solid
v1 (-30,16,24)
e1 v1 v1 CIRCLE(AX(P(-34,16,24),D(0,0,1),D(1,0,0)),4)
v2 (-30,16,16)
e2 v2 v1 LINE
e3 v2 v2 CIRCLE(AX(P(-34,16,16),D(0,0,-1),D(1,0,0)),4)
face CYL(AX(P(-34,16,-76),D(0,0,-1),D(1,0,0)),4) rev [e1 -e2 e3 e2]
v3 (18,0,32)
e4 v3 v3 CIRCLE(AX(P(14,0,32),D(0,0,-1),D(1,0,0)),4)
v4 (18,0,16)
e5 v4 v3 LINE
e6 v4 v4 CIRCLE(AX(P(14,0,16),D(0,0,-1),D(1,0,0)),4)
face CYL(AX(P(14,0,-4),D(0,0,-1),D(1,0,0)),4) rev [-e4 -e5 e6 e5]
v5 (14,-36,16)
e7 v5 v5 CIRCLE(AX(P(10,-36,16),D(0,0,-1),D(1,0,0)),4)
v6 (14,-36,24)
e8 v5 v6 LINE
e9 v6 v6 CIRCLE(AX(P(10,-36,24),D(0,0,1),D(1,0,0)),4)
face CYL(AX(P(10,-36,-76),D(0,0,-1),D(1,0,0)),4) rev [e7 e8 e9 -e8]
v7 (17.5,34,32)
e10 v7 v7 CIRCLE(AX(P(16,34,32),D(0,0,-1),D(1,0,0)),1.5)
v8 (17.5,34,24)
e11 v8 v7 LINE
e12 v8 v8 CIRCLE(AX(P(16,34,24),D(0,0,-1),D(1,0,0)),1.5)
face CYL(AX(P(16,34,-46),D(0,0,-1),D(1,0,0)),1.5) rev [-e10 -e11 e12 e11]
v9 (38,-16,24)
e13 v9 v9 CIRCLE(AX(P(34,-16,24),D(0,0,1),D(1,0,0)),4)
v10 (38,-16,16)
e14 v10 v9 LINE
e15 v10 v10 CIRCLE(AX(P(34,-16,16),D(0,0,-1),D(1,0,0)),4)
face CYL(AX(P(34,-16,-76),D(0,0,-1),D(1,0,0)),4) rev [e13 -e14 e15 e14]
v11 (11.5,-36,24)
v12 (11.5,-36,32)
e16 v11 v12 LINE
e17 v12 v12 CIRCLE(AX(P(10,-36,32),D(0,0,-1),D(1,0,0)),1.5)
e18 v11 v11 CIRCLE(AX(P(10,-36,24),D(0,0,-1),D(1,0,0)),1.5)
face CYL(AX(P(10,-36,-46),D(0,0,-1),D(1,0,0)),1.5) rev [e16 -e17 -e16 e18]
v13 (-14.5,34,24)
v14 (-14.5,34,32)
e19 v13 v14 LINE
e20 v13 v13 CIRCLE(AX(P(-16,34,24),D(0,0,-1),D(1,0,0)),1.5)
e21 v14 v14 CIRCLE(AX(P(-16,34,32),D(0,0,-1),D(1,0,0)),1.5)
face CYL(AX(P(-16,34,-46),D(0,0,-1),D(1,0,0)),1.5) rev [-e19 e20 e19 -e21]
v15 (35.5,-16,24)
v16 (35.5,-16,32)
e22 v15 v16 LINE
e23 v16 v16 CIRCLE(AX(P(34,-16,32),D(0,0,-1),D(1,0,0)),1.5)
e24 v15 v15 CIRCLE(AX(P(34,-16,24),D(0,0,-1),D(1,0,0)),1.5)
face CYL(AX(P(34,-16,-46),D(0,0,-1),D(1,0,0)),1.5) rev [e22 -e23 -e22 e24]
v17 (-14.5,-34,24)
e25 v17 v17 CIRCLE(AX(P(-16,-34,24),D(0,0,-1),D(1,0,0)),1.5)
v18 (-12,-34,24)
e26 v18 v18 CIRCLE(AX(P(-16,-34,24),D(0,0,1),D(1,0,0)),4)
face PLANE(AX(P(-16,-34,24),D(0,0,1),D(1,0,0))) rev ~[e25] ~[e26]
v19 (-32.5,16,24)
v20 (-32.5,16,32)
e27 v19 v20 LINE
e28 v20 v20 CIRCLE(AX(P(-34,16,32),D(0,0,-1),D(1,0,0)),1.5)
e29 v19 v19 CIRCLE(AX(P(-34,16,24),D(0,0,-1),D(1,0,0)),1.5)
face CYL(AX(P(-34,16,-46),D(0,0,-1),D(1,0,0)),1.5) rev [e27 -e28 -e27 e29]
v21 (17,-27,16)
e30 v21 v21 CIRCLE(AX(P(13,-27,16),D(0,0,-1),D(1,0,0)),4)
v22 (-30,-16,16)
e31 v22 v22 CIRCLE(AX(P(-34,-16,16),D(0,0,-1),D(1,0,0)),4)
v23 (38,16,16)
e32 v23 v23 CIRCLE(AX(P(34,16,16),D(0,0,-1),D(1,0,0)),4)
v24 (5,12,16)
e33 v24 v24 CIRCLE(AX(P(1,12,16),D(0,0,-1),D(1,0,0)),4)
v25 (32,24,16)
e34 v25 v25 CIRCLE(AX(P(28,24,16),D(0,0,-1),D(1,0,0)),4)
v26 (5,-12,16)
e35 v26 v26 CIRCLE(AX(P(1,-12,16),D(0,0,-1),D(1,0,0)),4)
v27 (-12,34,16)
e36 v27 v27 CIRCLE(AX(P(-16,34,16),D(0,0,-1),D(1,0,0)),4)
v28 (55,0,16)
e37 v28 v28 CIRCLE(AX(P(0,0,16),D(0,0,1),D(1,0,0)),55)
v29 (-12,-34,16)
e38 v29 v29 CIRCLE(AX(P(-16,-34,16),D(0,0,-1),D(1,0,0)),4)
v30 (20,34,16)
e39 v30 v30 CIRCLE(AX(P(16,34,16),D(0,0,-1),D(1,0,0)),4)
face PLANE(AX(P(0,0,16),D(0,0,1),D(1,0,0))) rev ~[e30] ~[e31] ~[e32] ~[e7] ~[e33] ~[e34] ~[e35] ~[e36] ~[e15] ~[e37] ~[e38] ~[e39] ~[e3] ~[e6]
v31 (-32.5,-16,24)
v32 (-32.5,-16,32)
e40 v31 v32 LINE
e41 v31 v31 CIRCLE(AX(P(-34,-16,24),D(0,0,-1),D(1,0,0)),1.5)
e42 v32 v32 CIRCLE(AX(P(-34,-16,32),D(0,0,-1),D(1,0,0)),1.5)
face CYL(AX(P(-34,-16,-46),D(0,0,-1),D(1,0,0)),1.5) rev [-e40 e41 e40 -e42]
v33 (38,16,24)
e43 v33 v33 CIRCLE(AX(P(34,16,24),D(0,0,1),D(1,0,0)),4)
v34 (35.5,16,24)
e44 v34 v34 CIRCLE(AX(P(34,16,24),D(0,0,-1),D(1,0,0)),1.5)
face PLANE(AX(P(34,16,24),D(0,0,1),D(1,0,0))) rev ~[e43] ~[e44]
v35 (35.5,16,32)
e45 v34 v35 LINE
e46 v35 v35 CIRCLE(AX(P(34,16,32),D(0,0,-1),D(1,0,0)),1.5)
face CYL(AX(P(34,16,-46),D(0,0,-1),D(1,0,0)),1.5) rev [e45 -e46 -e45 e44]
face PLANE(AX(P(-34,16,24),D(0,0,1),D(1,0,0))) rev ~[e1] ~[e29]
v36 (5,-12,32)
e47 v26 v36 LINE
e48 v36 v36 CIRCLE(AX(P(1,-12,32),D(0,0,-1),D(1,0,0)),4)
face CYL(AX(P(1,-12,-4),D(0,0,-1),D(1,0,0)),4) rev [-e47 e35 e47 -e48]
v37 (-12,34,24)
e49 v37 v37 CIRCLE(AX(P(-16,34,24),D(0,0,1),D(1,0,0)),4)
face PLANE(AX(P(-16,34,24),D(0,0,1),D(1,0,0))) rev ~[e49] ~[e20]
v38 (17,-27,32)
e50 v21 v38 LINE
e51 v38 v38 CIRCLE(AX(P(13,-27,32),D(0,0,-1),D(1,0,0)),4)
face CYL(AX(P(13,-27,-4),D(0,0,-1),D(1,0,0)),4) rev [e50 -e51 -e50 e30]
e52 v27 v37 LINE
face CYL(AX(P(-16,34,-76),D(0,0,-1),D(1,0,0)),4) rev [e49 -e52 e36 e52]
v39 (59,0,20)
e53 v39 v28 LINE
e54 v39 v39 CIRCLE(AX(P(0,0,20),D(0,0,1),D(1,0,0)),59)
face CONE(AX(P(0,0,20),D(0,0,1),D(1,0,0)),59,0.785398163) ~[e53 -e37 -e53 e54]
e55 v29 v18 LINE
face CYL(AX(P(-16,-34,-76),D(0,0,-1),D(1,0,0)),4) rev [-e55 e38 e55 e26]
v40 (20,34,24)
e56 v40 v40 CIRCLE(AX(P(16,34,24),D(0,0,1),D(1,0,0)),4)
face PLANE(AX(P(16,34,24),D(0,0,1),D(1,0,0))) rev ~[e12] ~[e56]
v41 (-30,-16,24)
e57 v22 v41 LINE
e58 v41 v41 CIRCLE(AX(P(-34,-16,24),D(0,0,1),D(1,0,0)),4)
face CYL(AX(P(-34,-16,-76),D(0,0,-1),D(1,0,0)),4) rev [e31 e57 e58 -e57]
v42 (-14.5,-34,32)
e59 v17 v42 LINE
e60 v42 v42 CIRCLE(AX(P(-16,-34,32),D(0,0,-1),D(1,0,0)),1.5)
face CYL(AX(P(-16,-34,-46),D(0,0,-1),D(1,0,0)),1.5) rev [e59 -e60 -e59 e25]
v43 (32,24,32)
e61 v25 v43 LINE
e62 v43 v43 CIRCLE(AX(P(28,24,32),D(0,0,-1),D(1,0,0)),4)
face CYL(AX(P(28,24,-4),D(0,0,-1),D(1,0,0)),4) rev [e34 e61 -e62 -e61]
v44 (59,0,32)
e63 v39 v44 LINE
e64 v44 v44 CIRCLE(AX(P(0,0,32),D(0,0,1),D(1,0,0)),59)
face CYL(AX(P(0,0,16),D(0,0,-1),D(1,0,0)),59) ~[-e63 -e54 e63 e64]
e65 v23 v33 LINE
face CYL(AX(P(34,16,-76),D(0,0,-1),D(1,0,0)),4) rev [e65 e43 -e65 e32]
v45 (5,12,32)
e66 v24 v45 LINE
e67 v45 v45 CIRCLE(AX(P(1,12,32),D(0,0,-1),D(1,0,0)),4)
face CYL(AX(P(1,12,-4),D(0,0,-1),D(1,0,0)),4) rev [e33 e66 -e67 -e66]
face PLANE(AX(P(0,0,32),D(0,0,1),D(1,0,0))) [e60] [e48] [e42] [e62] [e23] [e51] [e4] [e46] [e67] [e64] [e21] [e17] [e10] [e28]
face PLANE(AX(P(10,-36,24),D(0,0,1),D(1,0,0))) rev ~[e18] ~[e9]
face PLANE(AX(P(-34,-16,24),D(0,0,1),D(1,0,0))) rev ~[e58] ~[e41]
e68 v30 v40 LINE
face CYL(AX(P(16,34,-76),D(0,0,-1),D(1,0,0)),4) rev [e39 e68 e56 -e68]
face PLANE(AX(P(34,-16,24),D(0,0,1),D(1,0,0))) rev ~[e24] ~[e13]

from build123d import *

# Parameters (mm, degrees)
CYLINDER1648_R     = 4
CYLINDER1648_DEPTH = 100
CYLINDER1647_R     = 4
CYLINDER1647_DEPTH = 100
CYLINDER1631_R     = 1.5
CYLINDER1631_DEPTH = 100
CYLINDER1632_R     = 1.5
CYLINDER1632_DEPTH = 100
CYLINDER1633_R     = 1.5
CYLINDER1633_DEPTH = 100
CYLINDER1634_R     = 1.5
CYLINDER1634_DEPTH = 100
CYLINDER1635_R     = 1.5
CYLINDER1635_DEPTH = 100
CYLINDER1636_R     = 1.5
CYLINDER1636_DEPTH = 100
CYLINDER1637_R     = 1.5
CYLINDER1637_DEPTH = 100
CYLINDER1630_R     = 1.5
CYLINDER1630_DEPTH = 100
CYLINDER1651_R     = 4
CYLINDER1651_DEPTH = 100
CYLINDER1649_R     = 4
CYLINDER1649_DEPTH = 100
CYLINDER1652_R     = 4
CYLINDER1652_DEPTH = 100
CYLINDER1653_R     = 4
CYLINDER1653_DEPTH = 100
CYLINDER1654_R     = 4
CYLINDER1654_DEPTH = 100
CYLINDER1655_R     = 4
CYLINDER1655_DEPTH = 100
CYLINDER1656_R     = 4
CYLINDER1656_DEPTH = 100
CYLINDER1650_R     = 4
CYLINDER1650_DEPTH = 100
CYLINDER1640_R     = 4
CYLINDER1640_DEPTH = 20
CYLINDER1641_R     = 4
CYLINDER1641_DEPTH = 20
CYLINDER1642_R     = 4
CYLINDER1642_DEPTH = 20
CYLINDER1643_R     = 4
CYLINDER1643_DEPTH = 40
CYLINDER1644_R     = 4
CYLINDER1644_DEPTH = 40
CYLINDER1645_R     = 4
CYLINDER1645_DEPTH = 40
CYLINDER1646_R     = 4
CYLINDER1646_DEPTH = 40
CYLINDER1639_R     = 4
CYLINDER1639_DEPTH = 20
CYLINDER1638_R     = 59
CYLINDER1638_DEPTH = 16
CHAMFER054_SIZE    = 4


with BuildPart() as v_lec1648:
    # Cylinder1648 → Cylinder1648 (new body)
    with BuildSketch(Plane(origin=(14, 0, -18), x_dir=(1, 0, 0), z_dir=(0, 0, 1))):
        Circle(CYLINDER1648_R)
    extrude(amount=CYLINDER1648_DEPTH)


with BuildPart() as srouby_troj_silne007:
    # Cylinder1647 → Cylinder1647 (new body)
    with BuildSketch(Plane(origin=(90, 0, -18), x_dir=(1, 0, 0), z_dir=(0, 0, 1))):
        Circle(CYLINDER1647_R)
    extrude(amount=CYLINDER1647_DEPTH)

    # Compound931: union Válec1648
    add(v_lec1648.part)


with BuildPart() as v_lec1631:
    # Cylinder1631 → Cylinder1631 (new body)
    with BuildSketch(Plane(origin=(-34, -16, -60), x_dir=(1, 0, 0), z_dir=(0, 0, 1))):
        Circle(CYLINDER1631_R)
    extrude(amount=CYLINDER1631_DEPTH)


with BuildPart() as v_lec1632:
    # Cylinder1632 → Cylinder1632 (new body)
    with BuildSketch(Plane(origin=(34, -16, -60), x_dir=(1, 0, 0), z_dir=(0, 0, 1))):
        Circle(CYLINDER1632_R)
    extrude(amount=CYLINDER1632_DEPTH)


with BuildPart() as v_lec1633:
    # Cylinder1633 → Cylinder1633 (new body)
    with BuildSketch(Plane(origin=(34, 16, -60), x_dir=(1, 0, 0), z_dir=(0, 0, 1))):
        Circle(CYLINDER1633_R)
    extrude(amount=CYLINDER1633_DEPTH)


with BuildPart() as v_lec1634:
    # Cylinder1634 → Cylinder1634 (new body)
    with BuildSketch(Plane(origin=(16, 34, -60), x_dir=(1, 0, 0), z_dir=(0, 0, 1))):
        Circle(CYLINDER1634_R)
    extrude(amount=CYLINDER1634_DEPTH)


with BuildPart() as v_lec1635:
    # Cylinder1635 → Cylinder1635 (new body)
    with BuildSketch(Plane(origin=(10, -36, -60), x_dir=(1, 0, 0), z_dir=(0, 0, 1))):
        Circle(CYLINDER1635_R)
    extrude(amount=CYLINDER1635_DEPTH)


with BuildPart() as v_lec1636:
    # Cylinder1636 → Cylinder1636 (new body)
    with BuildSketch(Plane(origin=(-16, -34, -60), x_dir=(1, 0, 0), z_dir=(0, 0, 1))):
        Circle(CYLINDER1636_R)
    extrude(amount=CYLINDER1636_DEPTH)


with BuildPart() as v_lec1637:
    # Cylinder1637 → Cylinder1637 (new body)
    with BuildSketch(Plane(origin=(-16, 34, -60), x_dir=(1, 0, 0), z_dir=(0, 0, 1))):
        Circle(CYLINDER1637_R)
    extrude(amount=CYLINDER1637_DEPTH)


with BuildPart() as sbouby_baze009:
    # Cylinder1630 → Cylinder1630 (new body)
    with BuildSketch(Plane(origin=(-34, 16, -60), x_dir=(1, 0, 0), z_dir=(0, 0, 1))):
        Circle(CYLINDER1630_R)
    extrude(amount=CYLINDER1630_DEPTH)

    # Compound928: union Válec1631, Válec1632, Válec1633, Válec1634, Válec1635, Válec1636, Válec1637
    add(v_lec1631.part)
    add(v_lec1632.part)
    add(v_lec1633.part)
    add(v_lec1634.part)
    add(v_lec1635.part)
    add(v_lec1636.part)
    add(v_lec1637.part)


with BuildPart() as v_lec1651:
    # Cylinder1651 → Cylinder1651 (new body)
    with BuildSketch(Plane(origin=(-16, 34, -90), x_dir=(1, 0, 0), z_dir=(0, 0, 1))):
        Circle(CYLINDER1651_R)
    extrude(amount=CYLINDER1651_DEPTH)


with BuildPart() as v_lec1649:
    # Cylinder1649 → Cylinder1649 (new body)
    with BuildSketch(Plane(origin=(-16, -34, -90), x_dir=(1, 0, 0), z_dir=(0, 0, 1))):
        Circle(CYLINDER1649_R)
    extrude(amount=CYLINDER1649_DEPTH)


with BuildPart() as v_lec1652:
    # Cylinder1652 → Cylinder1652 (new body)
    with BuildSketch(Plane(origin=(34, -16, -90), x_dir=(1, 0, 0), z_dir=(0, 0, 1))):
        Circle(CYLINDER1652_R)
    extrude(amount=CYLINDER1652_DEPTH)


with BuildPart() as v_lec1653:
    # Cylinder1653 → Cylinder1653 (new body)
    with BuildSketch(Plane(origin=(16, 34, -90), x_dir=(1, 0, 0), z_dir=(0, 0, 1))):
        Circle(CYLINDER1653_R)
    extrude(amount=CYLINDER1653_DEPTH)


with BuildPart() as v_lec1654:
    # Cylinder1654 → Cylinder1654 (new body)
    with BuildSketch(Plane(origin=(10, -36, -90), x_dir=(1, 0, 0), z_dir=(0, 0, 1))):
        Circle(CYLINDER1654_R)
    extrude(amount=CYLINDER1654_DEPTH)


with BuildPart() as v_lec1655:
    # Cylinder1655 → Cylinder1655 (new body)
    with BuildSketch(Plane(origin=(-34, 16, -90), x_dir=(1, 0, 0), z_dir=(0, 0, 1))):
        Circle(CYLINDER1655_R)
    extrude(amount=CYLINDER1655_DEPTH)


with BuildPart() as v_lec1656:
    # Cylinder1656 → Cylinder1656 (new body)
    with BuildSketch(Plane(origin=(34, 16, -90), x_dir=(1, 0, 0), z_dir=(0, 0, 1))):
        Circle(CYLINDER1656_R)
    extrude(amount=CYLINDER1656_DEPTH)


with BuildPart() as sbouby_baze_silne012:
    # Cylinder1650 → Cylinder1650 (new body)
    with BuildSketch(Plane(origin=(-34, -16, -90), x_dir=(1, 0, 0), z_dir=(0, 0, 1))):
        Circle(CYLINDER1650_R)
    extrude(amount=CYLINDER1650_DEPTH)

    # Compound930: union Válec1651, Válec1649, Válec1652, Válec1653, Válec1654, Válec1655, Válec1656
    add(v_lec1651.part)
    add(v_lec1649.part)
    add(v_lec1652.part)
    add(v_lec1653.part)
    add(v_lec1654.part)
    add(v_lec1655.part)
    add(v_lec1656.part)


with BuildPart() as v_lec1640:
    # Cylinder1640 → Cylinder1640 (new body)
    with BuildSketch(Plane(origin=(103, 12, -20), x_dir=(1, 0, 0), z_dir=(0, 0, 1))):
        Circle(CYLINDER1640_R)
    extrude(amount=CYLINDER1640_DEPTH)


with BuildPart() as v_lec1641:
    # Cylinder1641 → Cylinder1641 (new body)
    with BuildSketch(Plane(origin=(76, 24, -18), x_dir=(1, 0, 0), z_dir=(0, 0, 1))):
        Circle(CYLINDER1641_R)
    extrude(amount=CYLINDER1641_DEPTH)


with BuildPart() as v_lec1642:
    # Cylinder1642 → Cylinder1642 (new body)
    with BuildSketch(Plane(origin=(91, -27, -18), x_dir=(1, 0, 0), z_dir=(0, 0, 1))):
        Circle(CYLINDER1642_R)
    extrude(amount=CYLINDER1642_DEPTH)


with BuildPart() as v_lec1643:
    # Cylinder1643 → Cylinder1643 (new body)
    with BuildSketch(Plane(origin=(13, -27, -18), x_dir=(1, 0, 0), z_dir=(0, 0, 1))):
        Circle(CYLINDER1643_R)
    extrude(amount=CYLINDER1643_DEPTH)


with BuildPart() as v_lec1644:
    # Cylinder1644 → Cylinder1644 (new body)
    with BuildSketch(Plane(origin=(28, 24, -18), x_dir=(1, 0, 0), z_dir=(0, 0, 1))):
        Circle(CYLINDER1644_R)
    extrude(amount=CYLINDER1644_DEPTH)


with BuildPart() as v_lec1645:
    # Cylinder1645 → Cylinder1645 (new body)
    with BuildSketch(Plane(origin=(1, -12, -18), x_dir=(1, 0, 0), z_dir=(0, 0, 1))):
        Circle(CYLINDER1645_R)
    extrude(amount=CYLINDER1645_DEPTH)


with BuildPart() as v_lec1646:
    # Cylinder1646 → Cylinder1646 (new body)
    with BuildSketch(Plane(origin=(1, 12, -18), x_dir=(1, 0, 0), z_dir=(0, 0, 1))):
        Circle(CYLINDER1646_R)
    extrude(amount=CYLINDER1646_DEPTH)


with BuildPart() as srouby_monoblok_silne010:
    # Cylinder1639 → Cylinder1639 (new body)
    with BuildSketch(Plane(origin=(103, -12, -20), x_dir=(1, 0, 0), z_dir=(0, 0, 1))):
        Circle(CYLINDER1639_R)
    extrude(amount=CYLINDER1639_DEPTH)

    # Compound929: union Válec1640, Válec1641, Válec1642, Válec1643, Válec1644, Válec1645, Válec1646
    add(v_lec1640.part)
    add(v_lec1641.part)
    add(v_lec1642.part)
    add(v_lec1643.part)
    add(v_lec1644.part)
    add(v_lec1645.part)
    add(v_lec1646.part)


with BuildPart() as cut575:
    # Cylinder1638 → Cylinder1638 (new body)
    with BuildSketch(Plane.XY.offset(2)):
        Circle(CYLINDER1638_R)
    extrude(amount=CYLINDER1638_DEPTH)

    # Cut572: cut srouby_monoblok_silne010
    add(srouby_monoblok_silne010.part, mode=Mode.SUBTRACT)

    # Cut573: cut sbouby_baze_silne012
    add(sbouby_baze_silne012.part, mode=Mode.SUBTRACT)

    # Cut574: cut sbouby_baze009
    add(sbouby_baze009.part, mode=Mode.SUBTRACT)

    # Chamfer054
    chamfer054_edges = [cut575.edges().sort_by_distance(p)[0] for p in [
        (-59, 0, 2),
    ]]
    chamfer(chamfer054_edges, length=CHAMFER054_SIZE)

    # Cut575: cut srouby_troj_silne007
    add(srouby_troj_silne007.part, mode=Mode.SUBTRACT)


with BuildPart() as cut575_1:
    # Cut575 placement: moved
    add(cut575.part.moved(Location((0, 0, 14))))


solid = cut575_1.part
